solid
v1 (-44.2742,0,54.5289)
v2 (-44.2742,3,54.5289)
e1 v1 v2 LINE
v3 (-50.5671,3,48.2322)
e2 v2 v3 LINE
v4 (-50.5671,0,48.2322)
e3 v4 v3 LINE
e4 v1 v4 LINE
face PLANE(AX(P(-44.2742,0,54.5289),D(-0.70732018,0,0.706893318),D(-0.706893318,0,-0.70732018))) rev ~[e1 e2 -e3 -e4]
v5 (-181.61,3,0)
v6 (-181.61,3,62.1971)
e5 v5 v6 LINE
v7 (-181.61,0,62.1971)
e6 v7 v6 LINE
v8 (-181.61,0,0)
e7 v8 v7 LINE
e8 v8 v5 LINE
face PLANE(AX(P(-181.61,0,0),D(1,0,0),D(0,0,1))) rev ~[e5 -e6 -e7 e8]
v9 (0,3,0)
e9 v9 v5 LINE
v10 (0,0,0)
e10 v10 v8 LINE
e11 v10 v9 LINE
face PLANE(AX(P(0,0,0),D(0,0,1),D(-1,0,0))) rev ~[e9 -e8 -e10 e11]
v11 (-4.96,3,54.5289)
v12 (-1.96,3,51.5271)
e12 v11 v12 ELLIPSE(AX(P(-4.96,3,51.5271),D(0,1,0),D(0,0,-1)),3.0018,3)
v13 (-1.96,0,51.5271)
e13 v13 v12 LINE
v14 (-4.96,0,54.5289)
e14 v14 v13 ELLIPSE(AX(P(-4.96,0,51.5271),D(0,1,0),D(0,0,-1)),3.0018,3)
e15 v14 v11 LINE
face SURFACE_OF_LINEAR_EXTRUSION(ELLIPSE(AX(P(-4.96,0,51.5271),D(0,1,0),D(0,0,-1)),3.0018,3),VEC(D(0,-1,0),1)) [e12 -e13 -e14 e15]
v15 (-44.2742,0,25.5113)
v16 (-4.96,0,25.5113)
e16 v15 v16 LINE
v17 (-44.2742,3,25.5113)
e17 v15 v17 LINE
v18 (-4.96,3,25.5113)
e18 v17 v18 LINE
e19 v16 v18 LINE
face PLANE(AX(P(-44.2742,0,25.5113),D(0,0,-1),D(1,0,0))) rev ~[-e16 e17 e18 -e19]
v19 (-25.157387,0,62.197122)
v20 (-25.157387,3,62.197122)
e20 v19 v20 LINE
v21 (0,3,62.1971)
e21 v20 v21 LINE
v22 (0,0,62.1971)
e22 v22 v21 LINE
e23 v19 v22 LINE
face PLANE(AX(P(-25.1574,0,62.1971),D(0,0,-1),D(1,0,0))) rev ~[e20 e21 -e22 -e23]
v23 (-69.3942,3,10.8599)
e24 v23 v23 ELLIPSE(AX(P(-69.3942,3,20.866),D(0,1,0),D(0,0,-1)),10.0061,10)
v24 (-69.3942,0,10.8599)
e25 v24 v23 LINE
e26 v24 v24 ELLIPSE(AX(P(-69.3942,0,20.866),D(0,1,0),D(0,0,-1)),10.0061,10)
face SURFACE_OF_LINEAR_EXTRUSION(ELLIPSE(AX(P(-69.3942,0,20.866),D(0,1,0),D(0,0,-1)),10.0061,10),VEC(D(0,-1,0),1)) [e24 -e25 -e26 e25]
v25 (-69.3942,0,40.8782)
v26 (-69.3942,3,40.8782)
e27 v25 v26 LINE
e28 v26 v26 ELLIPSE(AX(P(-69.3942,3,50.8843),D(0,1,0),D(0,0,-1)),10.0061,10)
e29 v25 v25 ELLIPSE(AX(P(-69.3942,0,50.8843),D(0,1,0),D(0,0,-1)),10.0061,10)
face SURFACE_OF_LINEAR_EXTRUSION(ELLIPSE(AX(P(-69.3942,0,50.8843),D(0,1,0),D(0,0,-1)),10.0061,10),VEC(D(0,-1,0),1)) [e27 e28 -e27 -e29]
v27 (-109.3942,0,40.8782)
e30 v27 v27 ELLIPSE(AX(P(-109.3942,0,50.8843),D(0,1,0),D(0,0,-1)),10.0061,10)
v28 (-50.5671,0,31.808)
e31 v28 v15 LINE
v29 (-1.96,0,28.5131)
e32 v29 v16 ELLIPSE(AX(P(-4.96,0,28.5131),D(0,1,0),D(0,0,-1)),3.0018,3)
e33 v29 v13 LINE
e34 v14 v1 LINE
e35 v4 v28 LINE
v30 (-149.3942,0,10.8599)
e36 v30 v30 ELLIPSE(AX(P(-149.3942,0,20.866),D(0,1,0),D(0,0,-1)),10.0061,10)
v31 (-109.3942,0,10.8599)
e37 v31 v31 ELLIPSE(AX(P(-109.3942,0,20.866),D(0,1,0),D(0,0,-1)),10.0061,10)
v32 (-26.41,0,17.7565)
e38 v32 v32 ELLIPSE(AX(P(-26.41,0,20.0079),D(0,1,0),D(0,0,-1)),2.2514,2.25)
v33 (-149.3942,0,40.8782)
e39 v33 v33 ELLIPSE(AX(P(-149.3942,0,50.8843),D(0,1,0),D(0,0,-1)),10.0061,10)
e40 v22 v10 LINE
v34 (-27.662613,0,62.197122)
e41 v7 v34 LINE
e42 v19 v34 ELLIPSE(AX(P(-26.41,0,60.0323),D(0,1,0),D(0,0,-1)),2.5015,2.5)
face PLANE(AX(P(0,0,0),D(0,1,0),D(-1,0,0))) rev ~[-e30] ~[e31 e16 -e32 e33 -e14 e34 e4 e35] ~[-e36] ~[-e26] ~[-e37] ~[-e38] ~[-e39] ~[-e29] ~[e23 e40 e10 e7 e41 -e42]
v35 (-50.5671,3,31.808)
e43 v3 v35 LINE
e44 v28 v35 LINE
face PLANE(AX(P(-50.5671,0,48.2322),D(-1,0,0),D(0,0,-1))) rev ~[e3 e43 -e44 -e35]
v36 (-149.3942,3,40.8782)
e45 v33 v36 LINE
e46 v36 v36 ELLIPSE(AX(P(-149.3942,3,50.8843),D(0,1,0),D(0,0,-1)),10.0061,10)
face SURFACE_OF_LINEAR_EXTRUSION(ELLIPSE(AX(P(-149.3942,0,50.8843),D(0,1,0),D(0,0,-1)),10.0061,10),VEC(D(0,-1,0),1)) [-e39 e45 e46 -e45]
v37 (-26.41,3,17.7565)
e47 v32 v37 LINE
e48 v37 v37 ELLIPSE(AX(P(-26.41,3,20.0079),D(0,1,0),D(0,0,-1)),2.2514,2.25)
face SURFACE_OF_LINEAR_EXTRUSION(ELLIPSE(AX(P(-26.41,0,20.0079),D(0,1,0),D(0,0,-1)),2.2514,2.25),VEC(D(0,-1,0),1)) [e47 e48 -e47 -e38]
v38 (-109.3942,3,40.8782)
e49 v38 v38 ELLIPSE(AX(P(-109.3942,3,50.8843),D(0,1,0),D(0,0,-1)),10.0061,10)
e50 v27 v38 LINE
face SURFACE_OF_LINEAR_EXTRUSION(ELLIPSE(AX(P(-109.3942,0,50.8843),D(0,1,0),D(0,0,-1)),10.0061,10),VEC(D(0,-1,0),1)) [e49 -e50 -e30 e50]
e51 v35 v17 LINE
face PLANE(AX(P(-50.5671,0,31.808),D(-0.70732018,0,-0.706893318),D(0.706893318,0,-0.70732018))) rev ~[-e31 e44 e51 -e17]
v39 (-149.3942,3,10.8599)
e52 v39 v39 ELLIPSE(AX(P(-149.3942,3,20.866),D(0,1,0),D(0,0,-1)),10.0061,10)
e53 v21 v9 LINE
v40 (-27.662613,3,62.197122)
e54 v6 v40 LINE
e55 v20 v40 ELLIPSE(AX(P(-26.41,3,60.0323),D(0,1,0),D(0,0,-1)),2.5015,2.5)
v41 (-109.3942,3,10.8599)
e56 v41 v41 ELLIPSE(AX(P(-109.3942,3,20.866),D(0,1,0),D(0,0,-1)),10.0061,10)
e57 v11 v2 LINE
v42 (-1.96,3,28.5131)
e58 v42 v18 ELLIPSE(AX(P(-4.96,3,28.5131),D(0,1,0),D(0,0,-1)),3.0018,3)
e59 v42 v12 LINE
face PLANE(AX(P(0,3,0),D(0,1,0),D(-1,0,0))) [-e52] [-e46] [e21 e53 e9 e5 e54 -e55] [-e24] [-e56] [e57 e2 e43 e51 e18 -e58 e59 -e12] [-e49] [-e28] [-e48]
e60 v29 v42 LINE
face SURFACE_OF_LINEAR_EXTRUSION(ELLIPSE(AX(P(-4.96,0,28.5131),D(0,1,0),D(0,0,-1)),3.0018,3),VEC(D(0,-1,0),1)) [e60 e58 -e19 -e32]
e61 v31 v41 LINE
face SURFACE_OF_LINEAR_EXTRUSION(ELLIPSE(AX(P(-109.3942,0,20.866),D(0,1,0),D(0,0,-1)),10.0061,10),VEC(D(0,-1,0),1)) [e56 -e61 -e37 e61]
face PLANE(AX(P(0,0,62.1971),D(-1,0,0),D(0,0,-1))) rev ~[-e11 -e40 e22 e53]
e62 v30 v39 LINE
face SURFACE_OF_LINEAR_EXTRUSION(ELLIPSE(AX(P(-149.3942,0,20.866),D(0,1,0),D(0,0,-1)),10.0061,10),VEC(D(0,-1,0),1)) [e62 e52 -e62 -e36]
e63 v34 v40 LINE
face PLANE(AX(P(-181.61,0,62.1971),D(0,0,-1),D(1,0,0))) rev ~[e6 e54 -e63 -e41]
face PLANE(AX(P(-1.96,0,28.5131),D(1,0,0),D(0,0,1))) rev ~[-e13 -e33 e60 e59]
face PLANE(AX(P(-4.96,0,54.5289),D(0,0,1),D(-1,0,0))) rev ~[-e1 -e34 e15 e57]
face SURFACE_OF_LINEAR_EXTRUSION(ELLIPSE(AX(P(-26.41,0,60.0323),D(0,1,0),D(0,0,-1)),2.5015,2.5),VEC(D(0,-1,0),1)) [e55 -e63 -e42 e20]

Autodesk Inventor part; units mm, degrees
ref_plane "YZ Plane" through (0, 0, 0) normal (1, 0, 0) x (0, 1, 0)
ref_plane "XZ Plane" through (0, 0, 0) normal (0, 1, 0) x (-1, 0, 0)
ref_plane "XY Plane" through (0, 0, 0) normal (0, 0, 1) x (1, 0, 0)
sketch "Sketch1" plane through (0, 0, 0) normal (0, 1, 0) x (-1, 0, 0)
  line L0 (25.1574, 62.1971) -> (0, 62.1971)
  line L1 (0, 62.1971) -> (0, 0)
  line L2 (0, 0) -> (181.61, 0)
  line L3 (181.61, 0) -> (181.61, 62.1971)
  line L4 (181.61, 62.1971) -> (27.6626, 62.1971)
  line L5 (4.96, 54.5289) -> (44.2742, 54.5289)
  line L6 (44.2742, 54.5289) -> (50.5671, 48.2322)
  line L7 (50.5671, 48.2322) -> (50.5671, 31.808)
  line L8 (50.5671, 31.808) -> (44.2742, 25.5113)
  line L9 (44.2742, 25.5113) -> (4.96, 25.5113)
  ellipse E0 centre (69.3942, 20.866) end of major axis (69.3942, 10.8599) minor radius 10
  ellipse E1 centre (69.3942, 50.8843) end of major axis (69.3942, 40.8782) minor radius 10
  ellipse E2 centre (109.3942, 20.866) end of major axis (109.3942, 10.8599) minor radius 10
  ellipse E3 centre (109.3942, 50.8843) end of major axis (109.3942, 40.8782) minor radius 10
  ellipse E4 centre (149.3942, 50.8843) end of major axis (149.3942, 40.8782) minor radius 10
  ellipse E5 centre (149.3942, 20.866) end of major axis (149.3942, 10.8599) minor radius 10
  ellipse E6 centre (26.41, 60.0323) end of major axis (26.41, 57.5308) minor radius 2.5 (25.1574, 62.1971) -> (27.6626, 62.1971) ccw
  ellipse E7 centre (4.96, 51.5271) end of major axis (4.96, 48.5253) minor radius 3 (4.96, 54.5289) -> (1.96, 51.5271) ccw
  ellipse E8 centre (4.96, 28.5131) end of major axis (4.96, 25.5113) minor radius 3 (1.96, 28.5131) -> (4.96, 25.5113) ccw
  line L10 (1.96, 28.5131) -> (1.96, 51.5271)
  ellipse E9 centre (26.41, 20.0079) end of major axis (26.41, 17.7565) minor radius 2.25
  point P0 (27.6626, 62.1971)
extrude "Extrusion1" add sketch "Sketch1" along normal blind 3
properties part number "EboxSide"
